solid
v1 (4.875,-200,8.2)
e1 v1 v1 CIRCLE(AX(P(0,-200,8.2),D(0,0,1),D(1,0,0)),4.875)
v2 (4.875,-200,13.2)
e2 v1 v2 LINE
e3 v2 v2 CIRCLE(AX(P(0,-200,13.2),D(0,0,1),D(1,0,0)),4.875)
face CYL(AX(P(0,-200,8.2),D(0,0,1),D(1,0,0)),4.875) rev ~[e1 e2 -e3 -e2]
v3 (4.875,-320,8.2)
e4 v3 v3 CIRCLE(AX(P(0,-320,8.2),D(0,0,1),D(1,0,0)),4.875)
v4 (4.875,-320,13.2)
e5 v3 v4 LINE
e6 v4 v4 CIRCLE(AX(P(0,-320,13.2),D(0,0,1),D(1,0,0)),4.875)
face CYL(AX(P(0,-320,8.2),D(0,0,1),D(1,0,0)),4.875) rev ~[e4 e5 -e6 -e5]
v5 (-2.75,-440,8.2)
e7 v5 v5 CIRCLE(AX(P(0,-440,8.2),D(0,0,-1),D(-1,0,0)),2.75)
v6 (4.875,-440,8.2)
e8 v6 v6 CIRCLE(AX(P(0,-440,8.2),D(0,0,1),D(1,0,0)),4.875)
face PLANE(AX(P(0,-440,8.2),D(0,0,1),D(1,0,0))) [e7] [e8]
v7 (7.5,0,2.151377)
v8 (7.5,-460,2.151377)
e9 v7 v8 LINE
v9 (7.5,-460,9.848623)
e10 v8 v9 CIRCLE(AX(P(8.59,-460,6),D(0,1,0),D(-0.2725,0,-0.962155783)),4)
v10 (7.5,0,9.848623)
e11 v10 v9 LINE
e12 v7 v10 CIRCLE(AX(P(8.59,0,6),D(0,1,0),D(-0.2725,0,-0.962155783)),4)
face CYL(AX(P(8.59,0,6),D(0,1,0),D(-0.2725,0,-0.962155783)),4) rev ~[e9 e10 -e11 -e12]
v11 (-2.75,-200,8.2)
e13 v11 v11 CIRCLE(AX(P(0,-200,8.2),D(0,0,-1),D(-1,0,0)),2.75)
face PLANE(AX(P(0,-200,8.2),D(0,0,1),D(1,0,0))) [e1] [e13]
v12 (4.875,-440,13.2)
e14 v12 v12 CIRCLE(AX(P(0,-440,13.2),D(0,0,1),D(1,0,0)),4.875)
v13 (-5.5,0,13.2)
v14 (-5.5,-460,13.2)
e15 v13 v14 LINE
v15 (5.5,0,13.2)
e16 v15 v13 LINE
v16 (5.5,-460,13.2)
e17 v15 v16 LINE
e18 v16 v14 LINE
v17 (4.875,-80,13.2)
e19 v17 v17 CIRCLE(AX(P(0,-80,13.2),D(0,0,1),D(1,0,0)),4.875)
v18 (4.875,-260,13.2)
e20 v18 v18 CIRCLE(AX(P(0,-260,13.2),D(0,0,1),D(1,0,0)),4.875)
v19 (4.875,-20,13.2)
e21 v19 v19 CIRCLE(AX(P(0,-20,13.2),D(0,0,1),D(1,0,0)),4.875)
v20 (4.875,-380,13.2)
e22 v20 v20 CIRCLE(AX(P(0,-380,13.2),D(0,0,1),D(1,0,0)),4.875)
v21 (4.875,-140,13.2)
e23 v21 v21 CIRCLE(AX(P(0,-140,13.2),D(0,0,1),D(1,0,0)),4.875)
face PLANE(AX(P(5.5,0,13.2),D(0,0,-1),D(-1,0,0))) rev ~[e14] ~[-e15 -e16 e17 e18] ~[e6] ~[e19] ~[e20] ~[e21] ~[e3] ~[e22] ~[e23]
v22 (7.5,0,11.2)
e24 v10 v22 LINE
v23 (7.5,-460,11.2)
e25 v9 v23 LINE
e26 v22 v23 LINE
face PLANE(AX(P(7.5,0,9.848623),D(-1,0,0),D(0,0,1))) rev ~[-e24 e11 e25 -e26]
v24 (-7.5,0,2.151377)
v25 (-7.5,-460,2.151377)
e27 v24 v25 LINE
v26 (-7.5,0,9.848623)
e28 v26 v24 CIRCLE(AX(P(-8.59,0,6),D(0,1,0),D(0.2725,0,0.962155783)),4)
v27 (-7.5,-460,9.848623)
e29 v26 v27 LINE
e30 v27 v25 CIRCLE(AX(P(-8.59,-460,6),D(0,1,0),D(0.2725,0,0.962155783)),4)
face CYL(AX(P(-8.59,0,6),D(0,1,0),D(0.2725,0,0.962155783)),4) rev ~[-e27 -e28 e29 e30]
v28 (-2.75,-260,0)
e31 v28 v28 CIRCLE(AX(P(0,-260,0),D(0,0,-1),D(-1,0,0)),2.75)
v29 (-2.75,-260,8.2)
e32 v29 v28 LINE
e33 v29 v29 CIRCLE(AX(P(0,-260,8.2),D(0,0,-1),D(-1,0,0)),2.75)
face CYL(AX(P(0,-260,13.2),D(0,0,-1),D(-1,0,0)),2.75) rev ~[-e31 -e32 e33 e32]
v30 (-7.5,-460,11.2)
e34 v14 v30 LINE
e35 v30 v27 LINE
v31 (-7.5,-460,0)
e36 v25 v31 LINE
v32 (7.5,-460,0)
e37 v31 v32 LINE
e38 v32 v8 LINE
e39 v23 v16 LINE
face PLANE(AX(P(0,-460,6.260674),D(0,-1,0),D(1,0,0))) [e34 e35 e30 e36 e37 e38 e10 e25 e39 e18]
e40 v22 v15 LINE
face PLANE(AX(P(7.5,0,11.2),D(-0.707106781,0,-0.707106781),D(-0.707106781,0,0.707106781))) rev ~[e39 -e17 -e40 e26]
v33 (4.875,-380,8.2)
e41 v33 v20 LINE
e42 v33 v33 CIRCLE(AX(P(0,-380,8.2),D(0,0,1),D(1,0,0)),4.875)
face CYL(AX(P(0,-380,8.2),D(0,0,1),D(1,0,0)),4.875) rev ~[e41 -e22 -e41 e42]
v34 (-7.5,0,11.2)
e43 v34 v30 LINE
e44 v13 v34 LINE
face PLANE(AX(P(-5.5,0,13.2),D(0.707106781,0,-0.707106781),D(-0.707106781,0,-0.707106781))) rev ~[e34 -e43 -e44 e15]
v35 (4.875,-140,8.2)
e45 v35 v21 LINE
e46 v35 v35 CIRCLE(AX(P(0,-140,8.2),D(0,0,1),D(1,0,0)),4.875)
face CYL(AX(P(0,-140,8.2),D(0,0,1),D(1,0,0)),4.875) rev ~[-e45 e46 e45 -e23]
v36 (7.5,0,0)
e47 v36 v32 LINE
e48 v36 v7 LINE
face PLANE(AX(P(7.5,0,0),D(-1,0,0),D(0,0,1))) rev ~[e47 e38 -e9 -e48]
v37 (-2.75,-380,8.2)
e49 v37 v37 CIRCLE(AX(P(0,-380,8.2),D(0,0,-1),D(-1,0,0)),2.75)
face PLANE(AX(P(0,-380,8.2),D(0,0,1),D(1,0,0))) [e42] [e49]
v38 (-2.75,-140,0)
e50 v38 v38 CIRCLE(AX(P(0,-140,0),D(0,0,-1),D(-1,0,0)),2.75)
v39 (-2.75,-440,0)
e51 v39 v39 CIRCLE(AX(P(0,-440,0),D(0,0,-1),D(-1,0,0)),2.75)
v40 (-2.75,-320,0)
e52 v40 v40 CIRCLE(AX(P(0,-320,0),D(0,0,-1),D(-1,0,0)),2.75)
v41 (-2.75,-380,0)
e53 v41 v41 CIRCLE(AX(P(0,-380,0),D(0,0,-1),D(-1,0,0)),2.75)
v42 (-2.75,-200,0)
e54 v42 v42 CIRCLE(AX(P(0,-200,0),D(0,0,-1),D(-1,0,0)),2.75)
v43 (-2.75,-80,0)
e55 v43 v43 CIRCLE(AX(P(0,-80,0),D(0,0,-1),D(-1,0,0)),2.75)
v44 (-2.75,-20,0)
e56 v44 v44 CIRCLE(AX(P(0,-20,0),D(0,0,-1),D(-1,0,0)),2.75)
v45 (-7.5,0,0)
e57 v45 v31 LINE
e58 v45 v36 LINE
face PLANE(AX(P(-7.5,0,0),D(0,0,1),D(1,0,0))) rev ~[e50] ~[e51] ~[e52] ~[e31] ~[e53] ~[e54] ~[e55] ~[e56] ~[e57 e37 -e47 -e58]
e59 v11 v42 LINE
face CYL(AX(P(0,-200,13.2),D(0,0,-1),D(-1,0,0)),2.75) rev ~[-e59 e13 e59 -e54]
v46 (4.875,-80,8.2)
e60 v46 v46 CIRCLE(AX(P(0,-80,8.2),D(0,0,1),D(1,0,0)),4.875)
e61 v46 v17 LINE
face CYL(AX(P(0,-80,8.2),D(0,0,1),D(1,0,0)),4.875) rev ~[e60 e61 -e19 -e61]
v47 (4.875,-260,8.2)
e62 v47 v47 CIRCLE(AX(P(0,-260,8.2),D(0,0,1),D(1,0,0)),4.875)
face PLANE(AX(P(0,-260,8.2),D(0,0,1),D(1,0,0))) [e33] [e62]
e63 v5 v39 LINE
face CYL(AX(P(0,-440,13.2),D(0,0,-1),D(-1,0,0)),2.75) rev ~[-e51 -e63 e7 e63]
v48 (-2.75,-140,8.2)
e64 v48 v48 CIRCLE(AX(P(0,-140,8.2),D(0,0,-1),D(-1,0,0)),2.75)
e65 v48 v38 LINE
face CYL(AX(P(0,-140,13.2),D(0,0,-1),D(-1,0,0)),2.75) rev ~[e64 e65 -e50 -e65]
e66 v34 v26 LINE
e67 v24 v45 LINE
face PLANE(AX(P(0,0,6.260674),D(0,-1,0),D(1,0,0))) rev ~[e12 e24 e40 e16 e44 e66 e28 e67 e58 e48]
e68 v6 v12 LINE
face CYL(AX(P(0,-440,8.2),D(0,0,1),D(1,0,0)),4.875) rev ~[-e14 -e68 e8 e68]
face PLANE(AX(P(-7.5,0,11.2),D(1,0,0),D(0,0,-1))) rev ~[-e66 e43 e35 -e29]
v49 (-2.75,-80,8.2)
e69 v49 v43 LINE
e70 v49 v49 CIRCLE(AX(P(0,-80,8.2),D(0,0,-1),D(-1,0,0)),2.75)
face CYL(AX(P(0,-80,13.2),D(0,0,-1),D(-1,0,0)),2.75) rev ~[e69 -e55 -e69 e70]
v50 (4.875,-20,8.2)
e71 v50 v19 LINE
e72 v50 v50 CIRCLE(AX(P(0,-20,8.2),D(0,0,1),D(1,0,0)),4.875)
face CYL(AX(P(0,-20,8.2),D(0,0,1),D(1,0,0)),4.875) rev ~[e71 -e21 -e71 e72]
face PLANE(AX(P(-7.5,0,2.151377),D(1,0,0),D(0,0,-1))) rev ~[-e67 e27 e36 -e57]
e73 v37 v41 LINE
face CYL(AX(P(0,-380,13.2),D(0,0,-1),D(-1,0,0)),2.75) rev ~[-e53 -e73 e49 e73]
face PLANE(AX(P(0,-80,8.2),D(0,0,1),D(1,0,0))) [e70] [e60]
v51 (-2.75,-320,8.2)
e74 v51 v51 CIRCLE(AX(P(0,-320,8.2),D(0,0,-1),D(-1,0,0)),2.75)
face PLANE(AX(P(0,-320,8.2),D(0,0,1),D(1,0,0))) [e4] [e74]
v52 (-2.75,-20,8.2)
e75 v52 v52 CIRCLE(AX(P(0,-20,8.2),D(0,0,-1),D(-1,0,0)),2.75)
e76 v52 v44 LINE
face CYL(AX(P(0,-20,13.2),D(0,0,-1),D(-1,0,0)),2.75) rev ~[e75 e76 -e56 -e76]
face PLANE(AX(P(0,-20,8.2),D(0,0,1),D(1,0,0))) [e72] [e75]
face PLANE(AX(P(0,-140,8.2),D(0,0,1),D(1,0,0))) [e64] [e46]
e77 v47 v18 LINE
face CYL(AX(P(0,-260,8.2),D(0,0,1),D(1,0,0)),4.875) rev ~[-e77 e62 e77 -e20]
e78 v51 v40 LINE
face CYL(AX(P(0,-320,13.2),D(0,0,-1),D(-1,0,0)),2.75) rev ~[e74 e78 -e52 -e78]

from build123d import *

# Parameters (mm, degrees)
F1_DEPTH       = 460
F3_D           = 5.5
F3_CBORE_D     = 9.75
F3_CBORE_DEPTH = 5


with BuildPart() as f1:
    # F0 (on Front) → F1 (new body)
    with BuildSketch(Plane.XZ):
        with BuildLine():
            Line((-7.5, 2.1513768696), (-7.5, 0))
            Line((-7.5, 0), (7.5, 0))
            Line((7.5, 0), (7.5, 2.1513768696))
            ThreePointArc((7.5, 2.1513768696), (4.59, 6), (7.5, 9.8486231304))
            Line((7.5, 9.8486231304), (7.5, 11.2))
            Line((7.5, 11.2), (5.5, 13.2))
            Line((5.5, 13.2), (-5.5, 13.2))
            Line((-5.5, 13.2), (-7.5, 11.2))
            Line((-7.5, 11.2), (-7.5, 9.8486231304))
            ThreePointArc((-7.5, 9.8486231304), (-4.59, 6), (-7.5, 2.1513768696))
        make_face()
    extrude(amount=F1_DEPTH)

    # F3 (through all)
    with Locations(Plane.XY.offset(13.2)):
        with Locations((0, -20), (0, -80), (0, -140), (0, -200), (0, -260), (0, -320), (0, -380), (0, -440)):
            CounterBoreHole(F3_D / 2, F3_CBORE_D / 2, F3_CBORE_DEPTH)


solid = f1.part
